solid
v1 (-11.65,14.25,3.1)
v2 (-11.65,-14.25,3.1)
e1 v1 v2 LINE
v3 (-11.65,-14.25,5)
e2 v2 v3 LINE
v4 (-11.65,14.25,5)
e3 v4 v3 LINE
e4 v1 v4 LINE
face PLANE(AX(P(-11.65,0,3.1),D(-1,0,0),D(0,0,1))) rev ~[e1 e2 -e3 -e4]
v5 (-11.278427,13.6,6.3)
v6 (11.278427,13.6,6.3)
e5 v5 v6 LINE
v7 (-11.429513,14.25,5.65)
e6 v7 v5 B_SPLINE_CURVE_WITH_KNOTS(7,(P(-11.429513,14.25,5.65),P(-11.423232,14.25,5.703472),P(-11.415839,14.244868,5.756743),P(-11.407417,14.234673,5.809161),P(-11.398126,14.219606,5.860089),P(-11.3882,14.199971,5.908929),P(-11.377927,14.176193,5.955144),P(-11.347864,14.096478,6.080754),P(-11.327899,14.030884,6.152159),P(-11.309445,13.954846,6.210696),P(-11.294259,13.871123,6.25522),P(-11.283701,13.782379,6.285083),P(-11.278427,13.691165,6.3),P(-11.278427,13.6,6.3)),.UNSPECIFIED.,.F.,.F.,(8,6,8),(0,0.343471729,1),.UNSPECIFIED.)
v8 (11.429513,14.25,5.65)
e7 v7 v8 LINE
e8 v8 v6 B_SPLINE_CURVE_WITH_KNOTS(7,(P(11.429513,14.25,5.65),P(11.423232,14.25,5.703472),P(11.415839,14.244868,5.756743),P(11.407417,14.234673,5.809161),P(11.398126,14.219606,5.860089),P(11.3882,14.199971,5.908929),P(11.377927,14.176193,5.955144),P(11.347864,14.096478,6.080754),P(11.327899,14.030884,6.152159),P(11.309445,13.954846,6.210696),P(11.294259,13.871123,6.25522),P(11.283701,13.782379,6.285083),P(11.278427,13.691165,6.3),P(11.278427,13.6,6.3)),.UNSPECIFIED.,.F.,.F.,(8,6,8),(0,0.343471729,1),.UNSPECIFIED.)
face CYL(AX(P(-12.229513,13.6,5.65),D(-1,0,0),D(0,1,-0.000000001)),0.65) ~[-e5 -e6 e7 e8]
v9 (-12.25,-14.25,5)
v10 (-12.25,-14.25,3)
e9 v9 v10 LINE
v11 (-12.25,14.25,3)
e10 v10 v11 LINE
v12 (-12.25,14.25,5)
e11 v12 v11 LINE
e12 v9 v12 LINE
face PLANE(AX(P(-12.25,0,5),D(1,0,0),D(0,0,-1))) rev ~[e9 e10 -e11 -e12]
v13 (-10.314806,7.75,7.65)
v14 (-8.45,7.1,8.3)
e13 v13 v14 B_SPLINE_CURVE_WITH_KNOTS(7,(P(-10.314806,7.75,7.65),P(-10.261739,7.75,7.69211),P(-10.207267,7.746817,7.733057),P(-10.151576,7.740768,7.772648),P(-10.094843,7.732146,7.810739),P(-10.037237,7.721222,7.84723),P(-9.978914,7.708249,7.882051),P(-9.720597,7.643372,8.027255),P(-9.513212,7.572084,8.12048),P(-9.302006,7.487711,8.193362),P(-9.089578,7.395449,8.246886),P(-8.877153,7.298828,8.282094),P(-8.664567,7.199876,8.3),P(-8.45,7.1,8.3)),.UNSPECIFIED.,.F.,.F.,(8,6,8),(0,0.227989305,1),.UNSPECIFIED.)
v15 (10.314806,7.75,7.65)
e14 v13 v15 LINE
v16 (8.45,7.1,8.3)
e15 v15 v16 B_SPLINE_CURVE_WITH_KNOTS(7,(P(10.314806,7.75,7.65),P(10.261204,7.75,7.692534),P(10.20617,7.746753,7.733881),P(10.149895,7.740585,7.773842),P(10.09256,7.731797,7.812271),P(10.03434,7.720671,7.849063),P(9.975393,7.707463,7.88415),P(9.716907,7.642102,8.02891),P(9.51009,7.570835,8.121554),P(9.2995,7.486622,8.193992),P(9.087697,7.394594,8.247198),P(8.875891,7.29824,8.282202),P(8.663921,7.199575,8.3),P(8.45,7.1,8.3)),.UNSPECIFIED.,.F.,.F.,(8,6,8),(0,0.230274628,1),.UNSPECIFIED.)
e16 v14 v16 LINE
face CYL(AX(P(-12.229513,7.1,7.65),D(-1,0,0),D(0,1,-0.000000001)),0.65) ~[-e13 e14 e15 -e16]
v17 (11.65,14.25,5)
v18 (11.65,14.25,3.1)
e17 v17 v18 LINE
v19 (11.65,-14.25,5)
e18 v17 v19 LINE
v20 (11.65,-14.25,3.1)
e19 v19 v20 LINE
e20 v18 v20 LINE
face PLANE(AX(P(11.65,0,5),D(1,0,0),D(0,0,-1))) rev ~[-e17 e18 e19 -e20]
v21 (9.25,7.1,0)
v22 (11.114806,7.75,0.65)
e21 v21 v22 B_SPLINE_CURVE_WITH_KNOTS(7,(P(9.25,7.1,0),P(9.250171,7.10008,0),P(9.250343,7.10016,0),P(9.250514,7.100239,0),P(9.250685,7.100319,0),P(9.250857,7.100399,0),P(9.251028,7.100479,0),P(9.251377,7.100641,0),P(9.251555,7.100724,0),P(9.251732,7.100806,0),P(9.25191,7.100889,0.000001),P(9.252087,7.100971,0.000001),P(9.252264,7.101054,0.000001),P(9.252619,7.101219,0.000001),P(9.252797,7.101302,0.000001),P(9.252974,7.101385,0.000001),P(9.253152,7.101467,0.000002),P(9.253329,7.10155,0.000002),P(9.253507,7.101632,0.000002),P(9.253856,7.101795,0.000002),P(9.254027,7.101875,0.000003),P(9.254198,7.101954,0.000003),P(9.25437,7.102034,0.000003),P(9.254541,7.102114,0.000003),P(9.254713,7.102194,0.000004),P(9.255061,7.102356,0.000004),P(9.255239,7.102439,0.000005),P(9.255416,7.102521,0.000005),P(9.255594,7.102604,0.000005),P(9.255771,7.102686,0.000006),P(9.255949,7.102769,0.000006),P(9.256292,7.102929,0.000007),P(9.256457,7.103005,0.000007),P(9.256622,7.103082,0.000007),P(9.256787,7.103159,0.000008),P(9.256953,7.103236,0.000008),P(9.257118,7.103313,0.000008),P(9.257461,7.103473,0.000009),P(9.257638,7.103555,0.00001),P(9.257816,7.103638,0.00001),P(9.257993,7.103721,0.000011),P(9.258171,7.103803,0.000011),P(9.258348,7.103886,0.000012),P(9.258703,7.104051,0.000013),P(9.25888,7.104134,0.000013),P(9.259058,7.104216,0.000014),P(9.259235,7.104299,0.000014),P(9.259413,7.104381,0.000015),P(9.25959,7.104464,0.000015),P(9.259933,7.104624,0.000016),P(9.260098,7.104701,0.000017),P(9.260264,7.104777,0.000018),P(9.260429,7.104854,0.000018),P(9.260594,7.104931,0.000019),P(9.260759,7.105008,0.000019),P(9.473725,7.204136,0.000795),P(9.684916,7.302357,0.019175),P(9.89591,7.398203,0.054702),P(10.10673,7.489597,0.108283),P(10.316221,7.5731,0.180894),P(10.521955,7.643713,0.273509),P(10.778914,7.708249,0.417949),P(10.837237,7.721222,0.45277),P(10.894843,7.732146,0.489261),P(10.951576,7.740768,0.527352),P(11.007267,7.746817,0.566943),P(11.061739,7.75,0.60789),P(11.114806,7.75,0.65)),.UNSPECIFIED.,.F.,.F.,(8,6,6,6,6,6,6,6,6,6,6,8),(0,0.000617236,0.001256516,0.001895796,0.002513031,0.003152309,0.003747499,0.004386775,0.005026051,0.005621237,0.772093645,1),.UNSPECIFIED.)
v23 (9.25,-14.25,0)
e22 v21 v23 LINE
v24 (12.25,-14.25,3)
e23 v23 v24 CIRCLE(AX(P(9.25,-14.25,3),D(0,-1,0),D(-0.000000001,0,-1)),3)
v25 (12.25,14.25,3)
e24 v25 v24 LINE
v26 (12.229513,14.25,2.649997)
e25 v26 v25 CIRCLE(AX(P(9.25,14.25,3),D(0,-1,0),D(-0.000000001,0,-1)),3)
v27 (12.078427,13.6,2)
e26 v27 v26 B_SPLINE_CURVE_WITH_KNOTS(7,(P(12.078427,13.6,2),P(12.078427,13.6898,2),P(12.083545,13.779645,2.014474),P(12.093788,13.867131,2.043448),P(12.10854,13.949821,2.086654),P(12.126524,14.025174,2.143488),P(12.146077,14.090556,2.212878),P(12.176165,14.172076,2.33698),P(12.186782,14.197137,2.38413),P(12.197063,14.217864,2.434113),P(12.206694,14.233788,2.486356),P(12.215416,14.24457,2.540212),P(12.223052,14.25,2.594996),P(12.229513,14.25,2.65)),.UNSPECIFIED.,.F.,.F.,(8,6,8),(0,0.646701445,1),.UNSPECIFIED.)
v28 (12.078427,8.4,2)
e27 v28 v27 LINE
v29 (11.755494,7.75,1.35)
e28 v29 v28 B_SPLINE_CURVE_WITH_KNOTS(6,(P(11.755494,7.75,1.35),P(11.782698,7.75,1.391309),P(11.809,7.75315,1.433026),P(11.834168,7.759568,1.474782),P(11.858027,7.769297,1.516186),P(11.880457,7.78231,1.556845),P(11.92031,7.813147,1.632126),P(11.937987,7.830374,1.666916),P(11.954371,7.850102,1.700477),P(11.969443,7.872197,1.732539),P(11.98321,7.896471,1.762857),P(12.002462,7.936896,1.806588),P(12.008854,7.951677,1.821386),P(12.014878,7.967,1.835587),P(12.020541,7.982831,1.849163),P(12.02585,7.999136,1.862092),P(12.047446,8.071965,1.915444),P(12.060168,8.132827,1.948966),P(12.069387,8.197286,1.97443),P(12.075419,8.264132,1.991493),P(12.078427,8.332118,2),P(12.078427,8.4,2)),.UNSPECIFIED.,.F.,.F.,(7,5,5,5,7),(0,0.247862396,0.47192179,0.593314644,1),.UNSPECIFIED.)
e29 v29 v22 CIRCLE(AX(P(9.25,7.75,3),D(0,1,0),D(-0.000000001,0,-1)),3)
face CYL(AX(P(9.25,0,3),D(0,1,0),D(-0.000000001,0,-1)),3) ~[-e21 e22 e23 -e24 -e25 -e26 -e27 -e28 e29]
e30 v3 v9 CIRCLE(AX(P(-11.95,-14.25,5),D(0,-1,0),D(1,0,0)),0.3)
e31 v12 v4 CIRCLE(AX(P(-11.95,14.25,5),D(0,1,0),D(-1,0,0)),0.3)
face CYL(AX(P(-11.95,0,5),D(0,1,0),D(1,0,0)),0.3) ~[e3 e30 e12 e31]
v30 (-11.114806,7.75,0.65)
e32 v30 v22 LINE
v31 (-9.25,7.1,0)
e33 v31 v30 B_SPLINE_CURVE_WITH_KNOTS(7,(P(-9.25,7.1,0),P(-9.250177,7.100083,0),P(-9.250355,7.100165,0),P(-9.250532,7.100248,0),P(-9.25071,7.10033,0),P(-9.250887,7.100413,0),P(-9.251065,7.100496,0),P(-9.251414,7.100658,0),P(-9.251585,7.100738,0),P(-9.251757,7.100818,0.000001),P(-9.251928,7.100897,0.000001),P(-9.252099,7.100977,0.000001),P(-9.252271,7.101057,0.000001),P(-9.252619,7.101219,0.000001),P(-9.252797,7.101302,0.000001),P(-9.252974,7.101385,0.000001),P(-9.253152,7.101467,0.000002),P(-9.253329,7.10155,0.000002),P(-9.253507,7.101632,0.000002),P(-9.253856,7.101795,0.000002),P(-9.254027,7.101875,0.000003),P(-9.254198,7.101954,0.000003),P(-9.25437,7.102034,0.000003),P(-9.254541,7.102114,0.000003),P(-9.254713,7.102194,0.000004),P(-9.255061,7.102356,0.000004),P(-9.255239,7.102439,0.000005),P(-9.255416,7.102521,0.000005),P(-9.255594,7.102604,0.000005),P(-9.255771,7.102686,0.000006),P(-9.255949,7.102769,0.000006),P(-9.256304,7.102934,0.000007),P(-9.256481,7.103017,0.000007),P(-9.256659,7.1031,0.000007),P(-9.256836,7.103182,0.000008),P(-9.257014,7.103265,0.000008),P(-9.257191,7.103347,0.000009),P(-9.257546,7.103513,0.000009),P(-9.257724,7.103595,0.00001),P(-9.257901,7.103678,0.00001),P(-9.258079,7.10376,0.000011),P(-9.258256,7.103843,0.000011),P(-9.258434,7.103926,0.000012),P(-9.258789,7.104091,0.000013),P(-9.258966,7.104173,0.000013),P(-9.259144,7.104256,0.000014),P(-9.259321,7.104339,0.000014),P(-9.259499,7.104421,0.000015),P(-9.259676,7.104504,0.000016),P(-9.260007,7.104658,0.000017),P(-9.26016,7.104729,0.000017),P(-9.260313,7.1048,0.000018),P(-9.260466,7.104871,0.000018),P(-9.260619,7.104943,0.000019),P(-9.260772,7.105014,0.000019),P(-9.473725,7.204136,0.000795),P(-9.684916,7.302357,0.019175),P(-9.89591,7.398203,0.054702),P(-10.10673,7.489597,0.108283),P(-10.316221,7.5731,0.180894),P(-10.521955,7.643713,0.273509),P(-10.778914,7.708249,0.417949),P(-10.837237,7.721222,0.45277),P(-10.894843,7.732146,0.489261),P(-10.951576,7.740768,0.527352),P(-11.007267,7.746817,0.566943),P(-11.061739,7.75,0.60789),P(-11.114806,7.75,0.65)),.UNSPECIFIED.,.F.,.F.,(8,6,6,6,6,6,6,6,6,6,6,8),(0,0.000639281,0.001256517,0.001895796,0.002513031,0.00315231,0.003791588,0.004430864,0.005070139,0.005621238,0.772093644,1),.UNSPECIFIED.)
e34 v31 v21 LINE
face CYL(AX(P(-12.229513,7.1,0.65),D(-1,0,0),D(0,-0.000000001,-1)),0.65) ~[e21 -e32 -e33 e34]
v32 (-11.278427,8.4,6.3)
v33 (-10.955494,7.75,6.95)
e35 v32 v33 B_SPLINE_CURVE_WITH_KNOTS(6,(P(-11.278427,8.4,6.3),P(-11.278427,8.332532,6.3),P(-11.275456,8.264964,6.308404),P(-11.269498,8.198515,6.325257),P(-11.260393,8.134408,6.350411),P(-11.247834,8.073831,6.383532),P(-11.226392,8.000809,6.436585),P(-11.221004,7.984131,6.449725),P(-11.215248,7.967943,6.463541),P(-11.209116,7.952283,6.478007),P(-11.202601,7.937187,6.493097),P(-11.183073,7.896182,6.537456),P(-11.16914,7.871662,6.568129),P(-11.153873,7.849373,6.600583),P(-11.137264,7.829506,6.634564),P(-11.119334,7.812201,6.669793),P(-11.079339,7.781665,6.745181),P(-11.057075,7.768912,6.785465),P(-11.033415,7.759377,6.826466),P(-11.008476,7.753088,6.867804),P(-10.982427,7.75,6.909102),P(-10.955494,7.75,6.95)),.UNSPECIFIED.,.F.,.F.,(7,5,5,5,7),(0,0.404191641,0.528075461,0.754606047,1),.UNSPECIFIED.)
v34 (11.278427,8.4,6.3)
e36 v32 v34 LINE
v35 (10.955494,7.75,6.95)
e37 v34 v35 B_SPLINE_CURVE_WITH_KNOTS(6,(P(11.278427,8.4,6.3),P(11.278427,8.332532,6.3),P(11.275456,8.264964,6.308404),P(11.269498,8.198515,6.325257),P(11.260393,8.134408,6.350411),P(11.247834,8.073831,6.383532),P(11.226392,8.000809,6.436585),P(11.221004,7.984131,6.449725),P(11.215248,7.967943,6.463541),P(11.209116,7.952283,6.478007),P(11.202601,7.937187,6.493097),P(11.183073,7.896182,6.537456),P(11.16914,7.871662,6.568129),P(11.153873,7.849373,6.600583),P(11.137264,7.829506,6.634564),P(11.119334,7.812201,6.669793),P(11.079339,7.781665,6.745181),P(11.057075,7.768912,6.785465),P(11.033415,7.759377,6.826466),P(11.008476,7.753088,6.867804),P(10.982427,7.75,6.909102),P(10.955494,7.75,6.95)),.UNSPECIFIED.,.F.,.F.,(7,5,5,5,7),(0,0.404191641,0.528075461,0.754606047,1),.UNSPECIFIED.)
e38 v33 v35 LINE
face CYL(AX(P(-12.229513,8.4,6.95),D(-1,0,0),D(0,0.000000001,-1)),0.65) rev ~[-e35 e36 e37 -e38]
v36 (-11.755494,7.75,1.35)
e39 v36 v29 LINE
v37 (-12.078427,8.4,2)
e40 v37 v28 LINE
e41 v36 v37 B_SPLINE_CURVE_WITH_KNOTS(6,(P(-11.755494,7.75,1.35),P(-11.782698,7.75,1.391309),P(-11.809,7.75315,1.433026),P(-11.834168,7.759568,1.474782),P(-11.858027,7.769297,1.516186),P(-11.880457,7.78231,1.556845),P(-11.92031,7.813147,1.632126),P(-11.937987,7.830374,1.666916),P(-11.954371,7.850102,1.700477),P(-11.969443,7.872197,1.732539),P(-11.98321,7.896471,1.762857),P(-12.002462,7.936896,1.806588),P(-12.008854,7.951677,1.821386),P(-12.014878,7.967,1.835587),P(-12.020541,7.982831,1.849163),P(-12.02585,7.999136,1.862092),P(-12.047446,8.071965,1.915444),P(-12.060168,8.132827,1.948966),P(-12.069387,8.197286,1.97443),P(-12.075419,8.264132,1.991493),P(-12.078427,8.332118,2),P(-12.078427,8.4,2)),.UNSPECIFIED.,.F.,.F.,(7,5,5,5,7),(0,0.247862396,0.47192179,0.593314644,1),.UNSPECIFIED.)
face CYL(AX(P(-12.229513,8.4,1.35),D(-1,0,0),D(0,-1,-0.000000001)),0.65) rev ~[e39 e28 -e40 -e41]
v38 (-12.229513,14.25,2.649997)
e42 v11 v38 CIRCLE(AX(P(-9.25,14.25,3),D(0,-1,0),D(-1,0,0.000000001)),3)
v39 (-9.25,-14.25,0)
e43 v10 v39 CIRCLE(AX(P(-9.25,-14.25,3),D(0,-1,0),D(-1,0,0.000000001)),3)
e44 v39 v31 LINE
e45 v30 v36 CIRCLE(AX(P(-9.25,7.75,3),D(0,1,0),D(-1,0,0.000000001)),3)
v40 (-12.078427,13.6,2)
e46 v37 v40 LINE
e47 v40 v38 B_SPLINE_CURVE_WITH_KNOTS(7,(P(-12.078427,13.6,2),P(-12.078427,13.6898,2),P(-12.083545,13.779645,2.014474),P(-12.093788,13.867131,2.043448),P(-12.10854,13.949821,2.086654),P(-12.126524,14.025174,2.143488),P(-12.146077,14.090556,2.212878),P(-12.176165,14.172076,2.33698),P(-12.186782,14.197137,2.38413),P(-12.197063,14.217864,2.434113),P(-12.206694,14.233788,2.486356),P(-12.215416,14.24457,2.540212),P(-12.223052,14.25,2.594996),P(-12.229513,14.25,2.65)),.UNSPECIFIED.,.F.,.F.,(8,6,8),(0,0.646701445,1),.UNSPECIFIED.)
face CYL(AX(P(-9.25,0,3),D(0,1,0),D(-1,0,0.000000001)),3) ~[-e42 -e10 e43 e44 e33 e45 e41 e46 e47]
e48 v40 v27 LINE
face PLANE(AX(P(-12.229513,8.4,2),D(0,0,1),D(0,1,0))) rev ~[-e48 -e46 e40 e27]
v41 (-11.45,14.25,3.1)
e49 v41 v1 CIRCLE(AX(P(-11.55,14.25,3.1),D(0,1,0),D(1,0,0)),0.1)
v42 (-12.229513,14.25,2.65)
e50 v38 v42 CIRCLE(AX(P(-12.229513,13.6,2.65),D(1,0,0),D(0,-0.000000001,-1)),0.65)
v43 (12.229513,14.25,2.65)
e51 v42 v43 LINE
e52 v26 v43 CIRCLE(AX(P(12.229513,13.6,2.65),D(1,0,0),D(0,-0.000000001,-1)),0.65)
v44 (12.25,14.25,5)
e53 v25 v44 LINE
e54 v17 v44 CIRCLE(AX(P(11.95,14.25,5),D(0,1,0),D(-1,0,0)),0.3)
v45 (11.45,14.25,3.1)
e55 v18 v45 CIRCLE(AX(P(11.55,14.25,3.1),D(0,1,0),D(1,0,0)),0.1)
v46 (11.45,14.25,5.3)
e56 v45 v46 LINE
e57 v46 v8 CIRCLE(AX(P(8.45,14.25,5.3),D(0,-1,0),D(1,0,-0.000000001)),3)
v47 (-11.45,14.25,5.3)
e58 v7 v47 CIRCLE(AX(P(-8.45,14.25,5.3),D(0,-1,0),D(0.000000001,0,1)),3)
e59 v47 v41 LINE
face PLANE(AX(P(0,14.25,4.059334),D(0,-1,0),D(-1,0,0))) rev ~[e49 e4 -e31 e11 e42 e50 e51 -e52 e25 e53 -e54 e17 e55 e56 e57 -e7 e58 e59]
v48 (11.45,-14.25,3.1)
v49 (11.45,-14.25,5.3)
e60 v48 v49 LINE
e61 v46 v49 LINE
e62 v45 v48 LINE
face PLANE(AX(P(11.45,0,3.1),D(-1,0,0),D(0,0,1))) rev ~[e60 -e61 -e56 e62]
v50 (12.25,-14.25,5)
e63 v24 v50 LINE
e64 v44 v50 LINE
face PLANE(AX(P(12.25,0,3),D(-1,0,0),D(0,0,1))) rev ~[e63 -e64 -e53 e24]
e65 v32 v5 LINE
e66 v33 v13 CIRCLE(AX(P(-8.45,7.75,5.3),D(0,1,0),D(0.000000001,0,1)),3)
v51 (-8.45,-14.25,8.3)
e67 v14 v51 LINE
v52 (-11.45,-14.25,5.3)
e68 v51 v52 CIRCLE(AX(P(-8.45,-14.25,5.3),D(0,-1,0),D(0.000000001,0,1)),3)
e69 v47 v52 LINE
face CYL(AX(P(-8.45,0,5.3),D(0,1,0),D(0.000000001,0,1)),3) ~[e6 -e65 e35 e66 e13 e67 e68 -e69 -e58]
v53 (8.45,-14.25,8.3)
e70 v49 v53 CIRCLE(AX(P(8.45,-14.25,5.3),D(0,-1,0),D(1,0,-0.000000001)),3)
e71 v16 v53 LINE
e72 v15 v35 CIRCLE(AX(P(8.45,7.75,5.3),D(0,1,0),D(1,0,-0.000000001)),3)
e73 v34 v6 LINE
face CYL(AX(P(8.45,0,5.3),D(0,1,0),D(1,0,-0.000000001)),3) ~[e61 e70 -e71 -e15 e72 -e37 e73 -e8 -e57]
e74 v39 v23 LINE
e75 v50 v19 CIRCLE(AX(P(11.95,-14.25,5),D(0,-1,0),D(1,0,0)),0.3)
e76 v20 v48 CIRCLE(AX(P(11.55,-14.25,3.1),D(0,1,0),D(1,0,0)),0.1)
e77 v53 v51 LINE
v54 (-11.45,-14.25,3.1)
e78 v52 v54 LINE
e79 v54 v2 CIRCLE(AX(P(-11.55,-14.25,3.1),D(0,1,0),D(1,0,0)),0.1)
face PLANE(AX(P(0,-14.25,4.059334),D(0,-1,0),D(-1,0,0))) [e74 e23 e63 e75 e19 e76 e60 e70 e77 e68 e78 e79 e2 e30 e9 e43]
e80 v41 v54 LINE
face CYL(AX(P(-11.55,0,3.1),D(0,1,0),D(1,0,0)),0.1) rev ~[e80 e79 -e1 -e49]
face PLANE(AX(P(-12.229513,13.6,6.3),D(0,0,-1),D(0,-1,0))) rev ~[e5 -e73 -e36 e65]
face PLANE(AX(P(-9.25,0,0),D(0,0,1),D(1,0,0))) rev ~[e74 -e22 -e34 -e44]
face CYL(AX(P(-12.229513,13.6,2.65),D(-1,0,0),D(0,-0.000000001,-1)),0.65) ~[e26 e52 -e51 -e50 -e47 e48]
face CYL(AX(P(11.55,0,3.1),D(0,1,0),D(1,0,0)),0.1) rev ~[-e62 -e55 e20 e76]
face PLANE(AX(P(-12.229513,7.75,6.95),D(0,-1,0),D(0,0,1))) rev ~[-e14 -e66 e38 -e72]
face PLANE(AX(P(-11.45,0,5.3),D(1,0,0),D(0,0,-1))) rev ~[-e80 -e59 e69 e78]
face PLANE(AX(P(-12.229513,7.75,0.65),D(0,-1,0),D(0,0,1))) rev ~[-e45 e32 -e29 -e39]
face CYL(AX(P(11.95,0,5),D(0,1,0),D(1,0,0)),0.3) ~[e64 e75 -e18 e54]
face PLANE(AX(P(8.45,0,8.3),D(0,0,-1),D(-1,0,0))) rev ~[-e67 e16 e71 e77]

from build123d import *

# Parameters (mm, degrees)
EXTRUDE_1_DEPTH     = 14.25
CUT_EXTRUDE_START   = -12.229513
CUT_EXTRUDE_1_DEPTH = 24.459026


with BuildPart() as part:
    # Эскиз1 → Бобышка-Вытянуть1 (new, symmetric)
    with BuildSketch(Plane(origin=(0, 0, 0), x_dir=(1, 0, 0), z_dir=(0, 1, 0))):
        with BuildLine():
            Line((-9.25, 0), (9.25, 0))
            ThreePointArc((9.25, 0), (11.371320344, -0.878679656), (12.25, -3))
            Line((12.25, -3), (12.25, -5))
            ThreePointArc((12.25, -5), (11.95, -5.3), (11.65, -5))
            Line((11.65, -5), (11.65, -3.1))
            ThreePointArc((11.65, -3.1), (11.55, -3), (11.45, -3.1))
            Line((11.45, -3.1), (11.45, -5.3))
            ThreePointArc((11.45, -5.3), (10.571320344, -7.421320344), (8.45, -8.3))
            Line((8.45, -8.3), (-8.45, -8.3))
            ThreePointArc((-8.45, -8.3), (-10.571320344, -7.421320344), (-11.45, -5.3))
            Line((-11.45, -5.3), (-11.45, -3.1))
            ThreePointArc((-11.45, -3.1), (-11.55, -3), (-11.65, -3.1))
            Line((-11.65, -3.1), (-11.65, -5))
            ThreePointArc((-11.65, -5), (-11.95, -5.3), (-12.25, -5))
            Line((-12.25, -5), (-12.25, -3))
            ThreePointArc((-12.25, -3), (-11.371320344, -0.878679656), (-9.25, 0))
        make_face()
    extrude(amount=EXTRUDE_1_DEPTH, both=True)

    # Эскиз2 → Вырез-Вытянуть1 (cut)
    with BuildSketch(Plane(origin=(0, 0, 0), x_dir=(0, 0, -1), z_dir=(1, 0, 0)).offset(CUT_EXTRUDE_START)):
        with BuildLine():
            Line((-6.3, 13.6), (-6.3, 8.4))
            ThreePointArc((-6.3, 8.4), (-6.490380592, 7.940380592), (-6.95, 7.75))
            Line((-6.95, 7.75), (-7.65, 7.75))
            ThreePointArc((-7.65, 7.75), (-8.109619408, 7.559619408), (-8.3, 7.1))
            Line((-8.3, 7.1), (-8.3, 14.25))
            Line((-8.3, 14.25), (-8.3, 15.25))
            Line((-8.3, 15.25), (0, 15.25))
            Line((0, 15.25), (0, 7.1))
            ThreePointArc((0, 7.1), (-0.190380592, 7.559619408), (-0.65, 7.75))
            Line((-0.65, 7.75), (-1.35, 7.75))
            ThreePointArc((-1.35, 7.75), (-1.809619408, 7.940380592), (-2, 8.4))
            Line((-2, 8.4), (-2, 13.6))
            ThreePointArc((-2, 13.6), (-2.190380592, 14.059619408), (-2.65, 14.25))
            Line((-2.65, 14.25), (-5.65, 14.25))
            ThreePointArc((-5.65, 14.25), (-6.109619408, 14.059619408), (-6.3, 13.6))
        make_face()
    extrude(amount=CUT_EXTRUDE_1_DEPTH, mode=Mode.SUBTRACT)


solid = part.part
